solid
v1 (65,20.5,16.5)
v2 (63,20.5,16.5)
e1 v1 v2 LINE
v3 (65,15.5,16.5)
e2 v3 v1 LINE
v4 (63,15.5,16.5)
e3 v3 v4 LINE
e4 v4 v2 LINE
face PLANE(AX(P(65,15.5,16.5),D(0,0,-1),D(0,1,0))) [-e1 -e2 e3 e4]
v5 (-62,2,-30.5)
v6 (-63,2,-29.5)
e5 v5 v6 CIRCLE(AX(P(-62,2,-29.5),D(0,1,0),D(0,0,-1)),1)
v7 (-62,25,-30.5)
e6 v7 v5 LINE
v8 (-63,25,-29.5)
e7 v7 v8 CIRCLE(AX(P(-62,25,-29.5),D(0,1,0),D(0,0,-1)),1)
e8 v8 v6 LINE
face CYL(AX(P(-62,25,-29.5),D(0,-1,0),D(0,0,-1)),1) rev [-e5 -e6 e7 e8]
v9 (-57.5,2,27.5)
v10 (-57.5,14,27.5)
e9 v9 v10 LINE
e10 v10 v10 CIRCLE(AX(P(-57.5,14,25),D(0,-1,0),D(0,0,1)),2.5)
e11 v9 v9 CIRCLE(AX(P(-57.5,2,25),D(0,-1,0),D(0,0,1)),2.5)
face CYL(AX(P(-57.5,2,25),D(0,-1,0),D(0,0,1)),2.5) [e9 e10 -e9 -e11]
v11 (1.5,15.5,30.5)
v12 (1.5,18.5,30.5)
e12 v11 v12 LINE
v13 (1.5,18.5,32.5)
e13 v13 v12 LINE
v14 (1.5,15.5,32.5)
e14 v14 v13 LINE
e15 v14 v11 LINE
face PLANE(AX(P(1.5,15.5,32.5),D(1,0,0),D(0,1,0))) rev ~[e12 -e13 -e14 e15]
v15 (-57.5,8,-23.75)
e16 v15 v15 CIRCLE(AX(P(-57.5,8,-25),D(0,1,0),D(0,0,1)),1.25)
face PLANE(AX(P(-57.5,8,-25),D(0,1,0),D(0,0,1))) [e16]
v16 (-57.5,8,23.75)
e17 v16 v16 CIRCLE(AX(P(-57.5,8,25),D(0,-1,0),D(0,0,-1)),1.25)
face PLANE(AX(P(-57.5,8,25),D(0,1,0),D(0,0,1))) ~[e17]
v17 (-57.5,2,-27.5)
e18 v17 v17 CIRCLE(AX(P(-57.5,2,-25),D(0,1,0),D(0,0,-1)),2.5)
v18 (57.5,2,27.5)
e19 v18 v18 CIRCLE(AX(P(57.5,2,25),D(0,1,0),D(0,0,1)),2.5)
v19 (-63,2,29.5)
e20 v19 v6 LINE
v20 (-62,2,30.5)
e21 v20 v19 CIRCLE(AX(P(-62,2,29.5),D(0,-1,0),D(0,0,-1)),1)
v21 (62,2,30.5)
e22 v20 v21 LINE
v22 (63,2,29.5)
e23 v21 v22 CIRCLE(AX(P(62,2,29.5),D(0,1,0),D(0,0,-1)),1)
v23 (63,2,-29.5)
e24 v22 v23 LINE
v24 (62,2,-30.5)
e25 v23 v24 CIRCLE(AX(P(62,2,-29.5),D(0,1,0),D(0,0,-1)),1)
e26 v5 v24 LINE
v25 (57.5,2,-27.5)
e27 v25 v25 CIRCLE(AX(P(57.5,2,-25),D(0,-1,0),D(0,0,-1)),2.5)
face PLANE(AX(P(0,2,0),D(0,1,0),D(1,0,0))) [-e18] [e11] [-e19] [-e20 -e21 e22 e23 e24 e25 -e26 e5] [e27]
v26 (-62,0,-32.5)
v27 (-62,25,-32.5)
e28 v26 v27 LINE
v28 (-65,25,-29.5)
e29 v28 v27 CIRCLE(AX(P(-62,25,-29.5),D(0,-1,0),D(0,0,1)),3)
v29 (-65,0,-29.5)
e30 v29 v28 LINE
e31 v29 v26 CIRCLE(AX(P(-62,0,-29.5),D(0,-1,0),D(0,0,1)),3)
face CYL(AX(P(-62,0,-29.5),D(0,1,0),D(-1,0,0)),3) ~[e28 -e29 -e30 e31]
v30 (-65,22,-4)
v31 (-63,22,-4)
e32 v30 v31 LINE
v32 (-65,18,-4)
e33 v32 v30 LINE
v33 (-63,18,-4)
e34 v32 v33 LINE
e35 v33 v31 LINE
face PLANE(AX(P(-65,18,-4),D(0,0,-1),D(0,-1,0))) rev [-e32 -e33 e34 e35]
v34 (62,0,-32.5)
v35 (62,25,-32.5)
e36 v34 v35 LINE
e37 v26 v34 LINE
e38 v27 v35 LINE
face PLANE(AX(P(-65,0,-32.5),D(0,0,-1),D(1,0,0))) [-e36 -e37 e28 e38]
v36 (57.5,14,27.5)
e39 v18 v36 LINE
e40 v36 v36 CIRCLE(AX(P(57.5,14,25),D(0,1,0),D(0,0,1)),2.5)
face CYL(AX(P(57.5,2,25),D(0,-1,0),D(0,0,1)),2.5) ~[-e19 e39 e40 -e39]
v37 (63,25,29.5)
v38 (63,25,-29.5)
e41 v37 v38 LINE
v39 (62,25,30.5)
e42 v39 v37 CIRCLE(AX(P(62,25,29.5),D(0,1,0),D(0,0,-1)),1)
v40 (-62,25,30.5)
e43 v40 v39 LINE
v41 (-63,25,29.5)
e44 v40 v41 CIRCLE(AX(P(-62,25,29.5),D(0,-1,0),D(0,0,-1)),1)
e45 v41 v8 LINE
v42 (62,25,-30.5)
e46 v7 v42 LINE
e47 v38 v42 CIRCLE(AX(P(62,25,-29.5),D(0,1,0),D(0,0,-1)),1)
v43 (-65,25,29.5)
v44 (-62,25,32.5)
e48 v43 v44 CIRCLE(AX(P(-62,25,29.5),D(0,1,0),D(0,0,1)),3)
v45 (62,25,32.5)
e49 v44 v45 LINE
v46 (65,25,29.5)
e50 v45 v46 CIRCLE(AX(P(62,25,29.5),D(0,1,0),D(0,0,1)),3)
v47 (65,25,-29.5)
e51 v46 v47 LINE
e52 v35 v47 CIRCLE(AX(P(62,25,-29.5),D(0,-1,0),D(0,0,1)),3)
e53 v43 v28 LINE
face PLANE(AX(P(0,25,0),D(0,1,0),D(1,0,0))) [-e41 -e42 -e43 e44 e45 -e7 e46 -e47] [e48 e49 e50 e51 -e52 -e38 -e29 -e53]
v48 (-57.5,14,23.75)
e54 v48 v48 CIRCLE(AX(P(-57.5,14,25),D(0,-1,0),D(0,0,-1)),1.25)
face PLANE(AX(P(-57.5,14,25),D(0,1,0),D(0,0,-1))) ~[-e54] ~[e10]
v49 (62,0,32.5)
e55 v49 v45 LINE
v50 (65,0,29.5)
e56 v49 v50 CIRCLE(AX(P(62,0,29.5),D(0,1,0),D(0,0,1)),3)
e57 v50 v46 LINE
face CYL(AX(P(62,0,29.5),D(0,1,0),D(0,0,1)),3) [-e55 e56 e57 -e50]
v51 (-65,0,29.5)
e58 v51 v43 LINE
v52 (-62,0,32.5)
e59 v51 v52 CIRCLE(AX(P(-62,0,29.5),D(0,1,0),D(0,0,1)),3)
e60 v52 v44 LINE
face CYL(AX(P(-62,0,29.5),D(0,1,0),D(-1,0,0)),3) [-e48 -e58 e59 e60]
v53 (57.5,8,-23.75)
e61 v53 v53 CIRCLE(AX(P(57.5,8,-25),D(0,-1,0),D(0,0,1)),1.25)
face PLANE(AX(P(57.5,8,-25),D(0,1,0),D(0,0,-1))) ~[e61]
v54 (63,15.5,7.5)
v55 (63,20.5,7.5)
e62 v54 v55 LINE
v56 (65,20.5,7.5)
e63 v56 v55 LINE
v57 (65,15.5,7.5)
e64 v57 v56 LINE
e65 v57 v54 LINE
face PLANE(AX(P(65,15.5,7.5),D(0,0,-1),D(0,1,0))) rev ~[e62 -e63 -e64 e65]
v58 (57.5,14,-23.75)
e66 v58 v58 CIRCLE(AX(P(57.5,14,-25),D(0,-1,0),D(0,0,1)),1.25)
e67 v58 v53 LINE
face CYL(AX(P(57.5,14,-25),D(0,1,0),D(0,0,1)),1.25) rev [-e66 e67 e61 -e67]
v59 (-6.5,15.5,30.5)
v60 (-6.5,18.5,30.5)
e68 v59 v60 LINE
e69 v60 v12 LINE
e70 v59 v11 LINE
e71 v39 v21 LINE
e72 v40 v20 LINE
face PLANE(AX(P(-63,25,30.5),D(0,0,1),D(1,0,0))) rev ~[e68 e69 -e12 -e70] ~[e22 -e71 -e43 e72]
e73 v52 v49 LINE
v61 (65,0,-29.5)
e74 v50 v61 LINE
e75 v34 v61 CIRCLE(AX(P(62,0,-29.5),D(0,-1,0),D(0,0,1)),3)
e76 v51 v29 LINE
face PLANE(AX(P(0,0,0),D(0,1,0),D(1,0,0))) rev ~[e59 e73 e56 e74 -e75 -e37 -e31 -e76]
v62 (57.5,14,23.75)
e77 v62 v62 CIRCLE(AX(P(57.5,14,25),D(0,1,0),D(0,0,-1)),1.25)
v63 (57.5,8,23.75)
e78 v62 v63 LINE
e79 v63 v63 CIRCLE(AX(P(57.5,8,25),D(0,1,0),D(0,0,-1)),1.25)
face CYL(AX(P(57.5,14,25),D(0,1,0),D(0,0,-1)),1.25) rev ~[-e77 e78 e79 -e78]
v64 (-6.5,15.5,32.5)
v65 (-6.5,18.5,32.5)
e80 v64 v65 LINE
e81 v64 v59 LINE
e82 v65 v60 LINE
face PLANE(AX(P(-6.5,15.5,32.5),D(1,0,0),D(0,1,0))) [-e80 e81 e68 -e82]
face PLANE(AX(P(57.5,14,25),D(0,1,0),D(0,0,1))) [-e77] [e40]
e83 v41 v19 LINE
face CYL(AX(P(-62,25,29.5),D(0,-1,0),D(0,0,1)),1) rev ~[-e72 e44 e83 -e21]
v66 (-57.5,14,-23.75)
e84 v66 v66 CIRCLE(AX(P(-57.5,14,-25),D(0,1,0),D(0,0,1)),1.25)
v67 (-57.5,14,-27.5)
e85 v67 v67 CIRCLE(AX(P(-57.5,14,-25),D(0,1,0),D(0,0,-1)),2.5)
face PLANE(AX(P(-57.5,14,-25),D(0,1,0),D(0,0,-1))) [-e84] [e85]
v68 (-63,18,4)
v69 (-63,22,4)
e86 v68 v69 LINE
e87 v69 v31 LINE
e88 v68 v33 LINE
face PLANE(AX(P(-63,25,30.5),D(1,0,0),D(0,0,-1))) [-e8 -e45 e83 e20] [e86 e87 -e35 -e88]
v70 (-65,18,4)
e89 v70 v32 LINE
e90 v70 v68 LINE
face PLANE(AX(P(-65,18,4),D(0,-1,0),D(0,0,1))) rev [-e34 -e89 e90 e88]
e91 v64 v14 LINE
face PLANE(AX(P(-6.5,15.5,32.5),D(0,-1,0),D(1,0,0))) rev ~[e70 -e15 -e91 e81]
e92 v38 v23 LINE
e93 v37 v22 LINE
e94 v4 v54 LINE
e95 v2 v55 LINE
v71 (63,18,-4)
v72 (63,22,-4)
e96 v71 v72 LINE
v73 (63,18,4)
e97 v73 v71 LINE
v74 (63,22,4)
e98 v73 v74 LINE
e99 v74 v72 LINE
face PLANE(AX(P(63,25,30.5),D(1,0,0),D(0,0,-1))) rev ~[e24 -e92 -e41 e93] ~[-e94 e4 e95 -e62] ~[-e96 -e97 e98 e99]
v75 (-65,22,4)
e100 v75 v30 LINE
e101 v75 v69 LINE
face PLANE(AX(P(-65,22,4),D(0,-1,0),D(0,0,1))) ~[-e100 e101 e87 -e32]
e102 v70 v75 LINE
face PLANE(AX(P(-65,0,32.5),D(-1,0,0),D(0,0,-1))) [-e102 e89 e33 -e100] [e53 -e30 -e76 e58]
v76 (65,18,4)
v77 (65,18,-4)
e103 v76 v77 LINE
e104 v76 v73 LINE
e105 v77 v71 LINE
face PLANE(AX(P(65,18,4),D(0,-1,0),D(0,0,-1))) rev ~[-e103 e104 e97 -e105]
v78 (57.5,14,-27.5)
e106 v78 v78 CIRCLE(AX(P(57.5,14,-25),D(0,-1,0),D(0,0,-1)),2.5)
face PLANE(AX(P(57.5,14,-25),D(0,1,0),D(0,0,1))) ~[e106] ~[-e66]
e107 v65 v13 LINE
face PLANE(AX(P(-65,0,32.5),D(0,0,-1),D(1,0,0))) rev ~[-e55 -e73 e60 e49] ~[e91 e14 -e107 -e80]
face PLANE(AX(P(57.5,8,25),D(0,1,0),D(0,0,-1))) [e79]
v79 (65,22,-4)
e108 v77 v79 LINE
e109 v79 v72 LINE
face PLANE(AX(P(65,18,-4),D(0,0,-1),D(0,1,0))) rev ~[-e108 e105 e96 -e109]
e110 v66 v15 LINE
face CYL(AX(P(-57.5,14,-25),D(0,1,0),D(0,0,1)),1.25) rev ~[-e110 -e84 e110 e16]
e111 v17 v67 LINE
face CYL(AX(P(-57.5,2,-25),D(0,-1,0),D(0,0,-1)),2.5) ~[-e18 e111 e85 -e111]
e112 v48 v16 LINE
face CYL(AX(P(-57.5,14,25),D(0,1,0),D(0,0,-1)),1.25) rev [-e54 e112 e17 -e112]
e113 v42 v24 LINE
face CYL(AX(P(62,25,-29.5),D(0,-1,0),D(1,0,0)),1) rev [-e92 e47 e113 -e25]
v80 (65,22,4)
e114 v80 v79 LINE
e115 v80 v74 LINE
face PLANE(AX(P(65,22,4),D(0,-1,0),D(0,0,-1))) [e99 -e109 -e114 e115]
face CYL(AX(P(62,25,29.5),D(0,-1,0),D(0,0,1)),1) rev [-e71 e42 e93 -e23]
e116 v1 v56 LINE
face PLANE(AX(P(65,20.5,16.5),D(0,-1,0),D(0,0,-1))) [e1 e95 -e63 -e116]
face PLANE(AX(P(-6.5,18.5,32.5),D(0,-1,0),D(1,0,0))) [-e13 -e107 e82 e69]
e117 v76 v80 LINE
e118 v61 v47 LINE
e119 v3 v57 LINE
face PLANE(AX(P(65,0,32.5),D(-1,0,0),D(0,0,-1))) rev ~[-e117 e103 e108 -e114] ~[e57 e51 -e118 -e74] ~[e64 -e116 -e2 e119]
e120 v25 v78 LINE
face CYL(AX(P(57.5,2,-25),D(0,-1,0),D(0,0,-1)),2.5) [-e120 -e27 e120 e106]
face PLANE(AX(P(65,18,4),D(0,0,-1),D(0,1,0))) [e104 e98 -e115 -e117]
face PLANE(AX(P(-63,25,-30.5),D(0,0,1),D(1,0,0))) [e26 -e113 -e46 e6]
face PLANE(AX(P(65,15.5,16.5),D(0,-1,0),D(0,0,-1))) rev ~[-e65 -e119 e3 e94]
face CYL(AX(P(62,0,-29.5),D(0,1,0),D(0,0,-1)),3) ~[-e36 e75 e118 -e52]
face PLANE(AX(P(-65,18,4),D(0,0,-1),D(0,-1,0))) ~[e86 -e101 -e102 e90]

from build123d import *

# Parameters (mm, degrees)
SKETCH_1_W               = 130
SKETCH_1_H               = 65
EXTRUDE_1_DEPTH          = 25
SKETCH_2_W               = 126
SKETCH_2_H               = 61
CUT_EXTRUDE_1_DEPTH      = 23
SKETCH_3_R               = 2.5
EXTRUDE_2_DEPTH          = 12
SKETCH_5_W               = 8
SKETCH_5_H               = 4
CUT_EXTRUDE_3_DEPTH      = 2
SKETCH_6_W               = 8
SKETCH_6_H               = 3
CUT_EXTRUDE_4_DEPTH      = 2
SKETCH_7_W               = 9
SKETCH_7_H               = 5
CUT_EXTRUDE_5_DEPTH      = 2
SKETCH_8_R               = 1.25
CUT_EXTRUDE_6_DEPTH      = 6
MIRROR_7_COPY_1_SKETCH_R = 2.5
MIRROR_7_COPY_1_DEPTH    = 12
MIRROR_7_COPY_2_SKETCH_R = 1.25
MIRROR_7_COPY_2_DEPTH    = 6
FILLET_1_R               = 1
FILLET_2_R               = 3


with BuildPart() as part:
    # Эскиз1 → Бобышка-Вытянуть1 (new body)
    with BuildSketch(Plane(origin=(0, 0, 0), x_dir=(1, 0, 0), z_dir=(0, 1, 0))):
        Rectangle(SKETCH_1_W, SKETCH_1_H)
    extrude(amount=EXTRUDE_1_DEPTH)

    # Эскиз2 → Вырез-Вытянуть1 (cut)
    with BuildSketch(Plane(origin=(0, 25, 0), x_dir=(1, 0, 0), z_dir=(0, 1, 0))):
        Rectangle(SKETCH_2_W, SKETCH_2_H)
    extrude(amount=-CUT_EXTRUDE_1_DEPTH, mode=Mode.SUBTRACT)

    # Эскиз3 → Бобышка-Вытянуть2 (add)
    with BuildSketch(Plane(origin=(0, 2, 0), x_dir=(1, 0, 0), z_dir=(0, 1, 0))):
        with Locations(Location((-57.5, 25, 0), (0, 0, 90))):
            Circle(SKETCH_3_R)
    extrude_2 = extrude(amount=EXTRUDE_2_DEPTH)

    # Эскиз5 → Вырез-Вытянуть3 (cut)
    with BuildSketch(Plane(origin=(65, 0, 0), x_dir=(0, 0, -1), z_dir=(1, 0, 0))):
        with Locations((0, 20)):
            Rectangle(SKETCH_5_W, SKETCH_5_H)
    cut_extrude_3 = extrude(amount=-CUT_EXTRUDE_3_DEPTH, mode=Mode.SUBTRACT)

    # Зеркальное отражение5: Вырез-Вытянуть3 across plane
    add(cut_extrude_3.mirror(Plane(origin=(0, 0, 0), x_dir=(0, 0, 1), z_dir=(1, 0, 0))), mode=Mode.SUBTRACT)

    # Эскиз6 → Вырез-Вытянуть4 (cut)
    with BuildSketch(Plane.XY.offset(32.5)):
        with Locations((-2.5, 17)):
            Rectangle(SKETCH_6_W, SKETCH_6_H)
    extrude(amount=-CUT_EXTRUDE_4_DEPTH, mode=Mode.SUBTRACT)

    # Эскиз7 → Вырез-Вытянуть5 (cut)
    with BuildSketch(Plane(origin=(65, 0, 0), x_dir=(0, 0, -1), z_dir=(1, 0, 0))):
        with Locations((-12, 18)):
            Rectangle(SKETCH_7_W, SKETCH_7_H)
    extrude(amount=-CUT_EXTRUDE_5_DEPTH, mode=Mode.SUBTRACT)

    # Эскиз8 → Вырез-Вытянуть6 (cut)
    with BuildSketch(Plane(origin=(0, 14, 0), x_dir=(1, 0, 0), z_dir=(0, 1, 0))):
        with Locations(Location((-57.5, 25, 0), (0, 0, 270))):
            Circle(SKETCH_8_R)
    cut_extrude_6 = extrude(amount=-CUT_EXTRUDE_6_DEPTH, mode=Mode.SUBTRACT)

    # Зеркальное отражение6: Бобышка-Вытянуть2, Вырез-Вытянуть6 across plane
    add(extrude_2.mirror(Plane(origin=(0, 0, 0), x_dir=(0, 0, 1), z_dir=(1, 0, 0))))
    add(cut_extrude_6.mirror(Plane(origin=(0, 0, 0), x_dir=(0, 0, 1), z_dir=(1, 0, 0))), mode=Mode.SUBTRACT)

    # Зеркальное отражение7: Бобышка-Вытянуть2, Вырез-Вытянуть6 across plane
    add(extrude_2.mirror(Plane.XY))
    add(cut_extrude_6.mirror(Plane.XY), mode=Mode.SUBTRACT)

    # Зеркальное отражение7 copy 1 sketch → Зеркальное отражение7 copy 1 (add)
    with BuildSketch(Plane(origin=(0, 2, 0), x_dir=(-1, 0, 0), z_dir=(0, 1, 0))):
        with Locations(Location((-57.5, 25, 0), (0, 0, 90))):
            Circle(MIRROR_7_COPY_1_SKETCH_R)
    extrude(amount=MIRROR_7_COPY_1_DEPTH)

    # Зеркальное отражение7 copy 2 sketch → Зеркальное отражение7 copy 2 (cut)
    with BuildSketch(Plane(origin=(0, 14, 0), x_dir=(-1, 0, 0), z_dir=(0, 1, 0))):
        with Locations(Location((-57.5, 25, 0), (0, 0, 270))):
            Circle(MIRROR_7_COPY_2_SKETCH_R)
    extrude(amount=-MIRROR_7_COPY_2_DEPTH, mode=Mode.SUBTRACT)

    # Скругление1
    fillet_1_edges = [part.edges().sort_by_distance(p)[0] for p in [
        (63, 13.5, -30.5),
        (63, 13.5, 30.5),
        (-63, 13.5, 30.5),
        (-63, 13.5, -30.5),
    ]]
    fillet(fillet_1_edges, radius=FILLET_1_R)

    # Скругление2
    fillet_2_edges = [part.edges().sort_by_distance(p)[0] for p in [
        (65, 12.5, 32.5),
        (-65, 12.5, 32.5),
        (-65, 12.5, -32.5),
        (65, 12.5, -32.5),
    ]]
    fillet(fillet_2_edges, radius=FILLET_2_R)


solid = part.part
